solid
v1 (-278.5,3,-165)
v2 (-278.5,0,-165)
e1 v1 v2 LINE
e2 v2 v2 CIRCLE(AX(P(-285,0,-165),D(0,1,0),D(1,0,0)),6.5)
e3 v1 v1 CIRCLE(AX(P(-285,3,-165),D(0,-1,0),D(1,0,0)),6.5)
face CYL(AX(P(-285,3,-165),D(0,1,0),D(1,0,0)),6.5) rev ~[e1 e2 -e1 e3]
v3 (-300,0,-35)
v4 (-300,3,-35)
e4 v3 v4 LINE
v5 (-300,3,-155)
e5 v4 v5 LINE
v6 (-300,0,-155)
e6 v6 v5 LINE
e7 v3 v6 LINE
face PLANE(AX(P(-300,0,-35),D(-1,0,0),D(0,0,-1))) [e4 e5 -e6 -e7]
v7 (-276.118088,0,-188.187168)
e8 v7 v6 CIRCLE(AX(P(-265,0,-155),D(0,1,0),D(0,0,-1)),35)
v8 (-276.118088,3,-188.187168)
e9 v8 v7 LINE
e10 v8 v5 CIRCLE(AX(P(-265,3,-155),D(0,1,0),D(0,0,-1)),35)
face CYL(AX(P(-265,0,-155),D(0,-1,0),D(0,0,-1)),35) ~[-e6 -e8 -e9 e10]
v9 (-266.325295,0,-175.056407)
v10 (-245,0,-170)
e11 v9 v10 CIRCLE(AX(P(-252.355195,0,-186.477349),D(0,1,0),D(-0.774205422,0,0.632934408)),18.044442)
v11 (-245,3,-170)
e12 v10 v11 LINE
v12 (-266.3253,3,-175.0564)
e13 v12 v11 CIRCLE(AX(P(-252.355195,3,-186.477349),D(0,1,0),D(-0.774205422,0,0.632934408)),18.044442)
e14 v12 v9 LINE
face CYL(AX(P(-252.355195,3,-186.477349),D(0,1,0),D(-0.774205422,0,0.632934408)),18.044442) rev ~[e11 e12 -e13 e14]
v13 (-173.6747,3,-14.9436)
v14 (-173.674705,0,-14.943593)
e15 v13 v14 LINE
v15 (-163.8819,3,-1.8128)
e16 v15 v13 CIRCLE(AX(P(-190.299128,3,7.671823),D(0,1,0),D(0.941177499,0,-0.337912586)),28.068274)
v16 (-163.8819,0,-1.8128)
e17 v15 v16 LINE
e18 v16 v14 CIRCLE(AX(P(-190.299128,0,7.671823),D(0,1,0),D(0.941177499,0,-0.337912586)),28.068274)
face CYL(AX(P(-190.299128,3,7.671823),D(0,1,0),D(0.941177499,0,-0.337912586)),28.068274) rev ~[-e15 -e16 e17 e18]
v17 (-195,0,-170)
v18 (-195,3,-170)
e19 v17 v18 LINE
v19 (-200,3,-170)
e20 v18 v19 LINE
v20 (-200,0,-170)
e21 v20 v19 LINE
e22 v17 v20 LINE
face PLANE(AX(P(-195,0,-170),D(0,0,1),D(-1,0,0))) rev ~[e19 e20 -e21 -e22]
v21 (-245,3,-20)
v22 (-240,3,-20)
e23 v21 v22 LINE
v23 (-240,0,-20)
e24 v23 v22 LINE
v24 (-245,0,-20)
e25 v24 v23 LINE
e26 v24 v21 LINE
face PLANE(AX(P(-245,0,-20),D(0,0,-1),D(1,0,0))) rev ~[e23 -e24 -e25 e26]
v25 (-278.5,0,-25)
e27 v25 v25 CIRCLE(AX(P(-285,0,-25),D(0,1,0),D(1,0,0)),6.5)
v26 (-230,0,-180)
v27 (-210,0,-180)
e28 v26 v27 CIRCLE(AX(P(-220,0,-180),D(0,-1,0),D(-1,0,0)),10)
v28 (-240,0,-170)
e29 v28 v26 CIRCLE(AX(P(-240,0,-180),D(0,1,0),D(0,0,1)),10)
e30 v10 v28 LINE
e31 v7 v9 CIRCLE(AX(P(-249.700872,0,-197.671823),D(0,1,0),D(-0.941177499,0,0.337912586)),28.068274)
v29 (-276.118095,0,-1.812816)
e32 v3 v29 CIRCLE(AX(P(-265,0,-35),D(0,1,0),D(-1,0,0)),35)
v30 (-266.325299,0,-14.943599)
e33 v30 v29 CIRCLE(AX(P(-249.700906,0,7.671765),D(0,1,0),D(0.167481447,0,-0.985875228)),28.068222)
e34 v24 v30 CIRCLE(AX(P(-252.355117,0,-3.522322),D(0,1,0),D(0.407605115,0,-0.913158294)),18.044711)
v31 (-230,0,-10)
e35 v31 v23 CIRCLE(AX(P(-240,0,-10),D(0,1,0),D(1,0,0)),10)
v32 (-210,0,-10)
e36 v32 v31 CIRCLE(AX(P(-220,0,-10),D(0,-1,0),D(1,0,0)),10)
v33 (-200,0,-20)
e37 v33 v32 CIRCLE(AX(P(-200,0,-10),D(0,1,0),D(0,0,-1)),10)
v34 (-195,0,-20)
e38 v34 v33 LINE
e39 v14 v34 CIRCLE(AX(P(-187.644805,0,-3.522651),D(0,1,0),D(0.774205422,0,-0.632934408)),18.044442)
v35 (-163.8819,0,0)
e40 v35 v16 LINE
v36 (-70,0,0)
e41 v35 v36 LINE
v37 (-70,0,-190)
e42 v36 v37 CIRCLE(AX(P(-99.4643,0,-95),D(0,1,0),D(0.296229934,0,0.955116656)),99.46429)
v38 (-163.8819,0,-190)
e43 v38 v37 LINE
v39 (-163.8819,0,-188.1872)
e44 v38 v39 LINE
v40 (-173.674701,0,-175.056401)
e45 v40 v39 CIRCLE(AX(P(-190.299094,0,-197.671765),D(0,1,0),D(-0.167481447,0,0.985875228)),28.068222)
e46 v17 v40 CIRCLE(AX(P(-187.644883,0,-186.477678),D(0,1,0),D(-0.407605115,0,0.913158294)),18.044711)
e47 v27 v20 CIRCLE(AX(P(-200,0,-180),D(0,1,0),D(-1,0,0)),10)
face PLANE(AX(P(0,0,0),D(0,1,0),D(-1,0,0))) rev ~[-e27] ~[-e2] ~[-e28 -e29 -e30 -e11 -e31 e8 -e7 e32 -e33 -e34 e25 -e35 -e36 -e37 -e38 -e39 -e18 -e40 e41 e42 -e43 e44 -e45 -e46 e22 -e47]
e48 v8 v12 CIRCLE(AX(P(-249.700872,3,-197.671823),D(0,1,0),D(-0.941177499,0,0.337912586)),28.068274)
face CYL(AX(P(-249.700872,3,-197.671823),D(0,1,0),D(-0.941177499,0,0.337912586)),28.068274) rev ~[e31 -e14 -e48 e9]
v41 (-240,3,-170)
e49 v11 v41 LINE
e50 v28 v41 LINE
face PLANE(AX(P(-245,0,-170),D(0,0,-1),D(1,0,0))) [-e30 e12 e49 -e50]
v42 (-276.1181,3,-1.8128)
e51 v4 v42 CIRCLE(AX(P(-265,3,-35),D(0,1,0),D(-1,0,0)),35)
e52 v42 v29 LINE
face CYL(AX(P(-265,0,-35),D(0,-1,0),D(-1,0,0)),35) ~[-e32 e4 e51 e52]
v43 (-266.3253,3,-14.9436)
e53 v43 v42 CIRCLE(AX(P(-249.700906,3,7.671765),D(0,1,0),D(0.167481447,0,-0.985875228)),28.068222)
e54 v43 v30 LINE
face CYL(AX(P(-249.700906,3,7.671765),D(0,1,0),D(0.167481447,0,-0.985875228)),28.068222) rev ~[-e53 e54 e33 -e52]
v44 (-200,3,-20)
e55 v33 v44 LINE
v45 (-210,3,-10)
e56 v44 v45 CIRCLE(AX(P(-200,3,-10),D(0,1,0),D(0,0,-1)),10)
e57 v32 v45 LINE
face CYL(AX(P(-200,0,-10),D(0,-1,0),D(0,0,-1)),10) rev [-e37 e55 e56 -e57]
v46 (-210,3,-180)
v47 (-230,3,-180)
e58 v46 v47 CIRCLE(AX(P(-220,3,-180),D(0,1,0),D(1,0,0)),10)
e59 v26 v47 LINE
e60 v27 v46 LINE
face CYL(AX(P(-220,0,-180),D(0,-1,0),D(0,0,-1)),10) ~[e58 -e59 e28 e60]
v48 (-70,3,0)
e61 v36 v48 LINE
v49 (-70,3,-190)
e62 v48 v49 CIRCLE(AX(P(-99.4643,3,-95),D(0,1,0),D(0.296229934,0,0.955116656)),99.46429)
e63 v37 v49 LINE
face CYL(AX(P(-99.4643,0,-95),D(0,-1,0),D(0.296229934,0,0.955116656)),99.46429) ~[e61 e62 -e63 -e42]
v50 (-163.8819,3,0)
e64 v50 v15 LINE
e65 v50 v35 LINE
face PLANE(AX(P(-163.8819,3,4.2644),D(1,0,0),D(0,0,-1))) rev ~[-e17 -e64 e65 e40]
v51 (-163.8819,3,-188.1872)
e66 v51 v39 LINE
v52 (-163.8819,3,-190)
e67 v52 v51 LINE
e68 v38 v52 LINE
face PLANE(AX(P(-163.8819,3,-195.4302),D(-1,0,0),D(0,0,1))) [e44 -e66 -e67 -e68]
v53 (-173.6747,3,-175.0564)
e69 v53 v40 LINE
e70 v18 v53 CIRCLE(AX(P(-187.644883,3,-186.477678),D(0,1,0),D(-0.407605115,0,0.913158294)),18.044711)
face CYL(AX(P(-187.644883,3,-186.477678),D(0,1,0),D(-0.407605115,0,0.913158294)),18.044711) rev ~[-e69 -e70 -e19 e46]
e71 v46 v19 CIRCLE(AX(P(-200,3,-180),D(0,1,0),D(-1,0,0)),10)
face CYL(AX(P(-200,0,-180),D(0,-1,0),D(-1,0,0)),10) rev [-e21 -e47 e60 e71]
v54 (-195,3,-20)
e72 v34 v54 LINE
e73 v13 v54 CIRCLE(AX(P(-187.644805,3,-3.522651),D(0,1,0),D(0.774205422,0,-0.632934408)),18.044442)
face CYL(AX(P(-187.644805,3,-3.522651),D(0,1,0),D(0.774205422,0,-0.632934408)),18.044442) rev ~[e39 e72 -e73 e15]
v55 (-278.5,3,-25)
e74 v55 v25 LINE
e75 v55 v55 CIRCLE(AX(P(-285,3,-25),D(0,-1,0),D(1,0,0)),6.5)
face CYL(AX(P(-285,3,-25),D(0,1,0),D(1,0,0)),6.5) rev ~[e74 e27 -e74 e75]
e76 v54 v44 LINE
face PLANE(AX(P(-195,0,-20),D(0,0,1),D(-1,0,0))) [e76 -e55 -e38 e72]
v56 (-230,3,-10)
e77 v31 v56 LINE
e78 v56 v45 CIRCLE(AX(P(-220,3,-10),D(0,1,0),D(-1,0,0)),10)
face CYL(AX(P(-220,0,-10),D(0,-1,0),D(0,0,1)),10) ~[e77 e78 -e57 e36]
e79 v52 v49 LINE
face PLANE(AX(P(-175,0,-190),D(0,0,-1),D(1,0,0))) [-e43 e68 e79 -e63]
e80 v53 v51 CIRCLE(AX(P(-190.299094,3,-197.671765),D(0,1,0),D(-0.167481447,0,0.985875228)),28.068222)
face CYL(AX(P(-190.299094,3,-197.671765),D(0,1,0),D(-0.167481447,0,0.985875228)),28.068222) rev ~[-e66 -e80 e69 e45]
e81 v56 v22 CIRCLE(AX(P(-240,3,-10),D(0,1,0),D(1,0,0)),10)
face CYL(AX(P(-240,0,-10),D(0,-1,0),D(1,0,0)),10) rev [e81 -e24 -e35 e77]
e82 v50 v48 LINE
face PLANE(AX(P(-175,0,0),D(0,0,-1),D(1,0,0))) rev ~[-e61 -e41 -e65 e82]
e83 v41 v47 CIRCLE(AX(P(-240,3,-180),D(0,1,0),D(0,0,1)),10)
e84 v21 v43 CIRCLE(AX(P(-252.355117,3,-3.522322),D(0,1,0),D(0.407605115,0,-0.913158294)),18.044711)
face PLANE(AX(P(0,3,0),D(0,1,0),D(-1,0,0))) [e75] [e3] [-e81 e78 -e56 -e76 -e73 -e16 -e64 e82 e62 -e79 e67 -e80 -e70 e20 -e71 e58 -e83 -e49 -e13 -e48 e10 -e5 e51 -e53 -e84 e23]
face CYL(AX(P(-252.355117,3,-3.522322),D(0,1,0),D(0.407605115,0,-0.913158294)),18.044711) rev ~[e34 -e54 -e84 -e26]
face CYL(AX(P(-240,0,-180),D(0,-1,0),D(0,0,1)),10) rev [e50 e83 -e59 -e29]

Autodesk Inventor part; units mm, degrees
ref_plane "YZ Plane" through (0, 0, 0) normal (1, 0, 0) x (0, 1, 0)
ref_plane "XZ Plane" through (0, 0, 0) normal (0, 1, 0) x (-1, 0, 0)
ref_plane "XY Plane" through (0, 0, 0) normal (0, 0, 1) x (1, 0, 0)
sketch "Sketch1" plane through (0, 0, 0) normal (0, 1, 0) x (-1, 0, 0)
  line L0 (300, -35) -> (300, -155)
  line L1 (220, -190) -> (220, -190)
  line L2 (255, -180) -> (255, -180)
  line L3 (245, -170) -> (240, -170)
  line L4 (230, -180) -> (230, -180)
  line L5 (220, -190) -> (220, -190)
  line L6 (185, -180) -> (185, -180)
  line L7 (195, -170) -> (200, -170)
  line L8 (210, -180) -> (210, -180)
  arc A0 (255, -172) -> (253, -170) centre (253, -172) ccw
  arc A1 (255, -180) -> (245, -170) centre (245, -180) ccw
  arc A2 (240, -170) -> (230, -180) centre (240, -180) ccw
  arc A3 (210, -180) -> (220, -190) centre (220, -180) ccw
  arc A4 (220, -190) -> (230, -180) centre (220, -180) ccw
  arc A5 (210, -180) -> (200, -170) centre (200, -180) ccw
  arc A6 (195, -170) -> (185, -180) centre (195, -180) ccw
  arc A7 (175, -190) -> (185, -180) centre (175, -180) ccw
  line L9 (265, -190) -> (265, -190)
  arc A8 (255, -180) -> (265, -190) centre (265, -180) ccw
  line L10 (220, 0) -> (220, 0)
  line L11 (255, -10) -> (255, -10)
  line L12 (245, -20) -> (240, -20)
  line L13 (230, -10) -> (230, -10)
  line L14 (220, 0) -> (220, 0)
  line L15 (185, -10) -> (185, -10)
  line L16 (195, -20) -> (200, -20)
  line L17 (210, -10) -> (210, -10)
  arc A9 (253, -20) -> (255, -18) centre (253, -18) ccw
  arc A10 (245, -20) -> (255, -10) centre (245, -10) ccw
  arc A11 (230, -10) -> (240, -20) centre (240, -10) ccw
  arc A12 (220, 0) -> (210, -10) centre (220, -10) ccw
  arc A13 (230, -10) -> (220, 0) centre (220, -10) ccw
  arc A14 (200, -20) -> (210, -10) centre (200, -10) ccw
  arc A15 (185, -10) -> (195, -20) centre (195, -10) ccw
  arc A16 (185, -10) -> (175, 0) centre (175, -10) ccw
  line L18 (265, 0) -> (265, 0)
  arc A17 (265, 0) -> (255, -10) centre (265, -10) ccw
  arc A18 (265, -190) -> (300, -155) centre (265, -155) ccw
  arc A19 (300, -35) -> (265, 0) centre (265, -35) ccw
  line L19 (175, 0) -> (365, 0) construction
  arc A20 (70, 0) -> (70, -190) centre (99.4643, -95) ccw
  line L20 (175, 0) -> (70, 0)
  line L21 (175, -190) -> (70, -190)
  point P0 (0, 0)
  point P1 (300, -190)
  point P2 (300, 0)
  point P3 (255, -170)
  point P4 (255, -190)
  point P5 (230, -170)
  point P6 (185, -170)
  point P7 (210, -170)
  point P8 (255, -20)
  point P9 (255, 0)
  point P10 (230, -20)
  point P11 (185, -20)
  point P12 (210, -20)
  point P13 (210, -10)
  dimension "d1" = 190
  dimension "d2" = 80
  dimension "d4" = 25
  dimension "d5" = 20
  dimension "d7" = 25
  dimension "d9" = 2
  dimension "d10" = 10
  dimension "d11" = 10
  dimension "d12" = 35
extrude "Extrusion1" add sketch "Sketch1" along normal blind 3
sketch "Sketch2" plane through (0, 3, 0) normal (0, 1, 0) x (1, 0, 0)
  arc A0 (-230, 10) -> (-210, 10) centre (-220, 10) ccw projected
  line L0 (-220, 0) -> (-220, 10)
  point P0 (0, 0)
sketch "Sketch3" plane through (0, 3, 0) normal (0, 1, 0) x (1, 0, 0)
  arc A0 (-245, 20) -> (-255, 10) centre (-245, 10) ccw projected
  arc A1 (-300, 35) -> (-265, 0) centre (-265, 35) ccw projected
  arc A2 (-245, 20) -> (-276.1181, 1.8128) centre (-249.7009, -7.6718) ccw
  line L0 (-276.1181, 1.8128) -> (-248.5566, -2.5367)
  line L1 (-248.5566, -2.5367) -> (-245, 20)
  arc A3 (-230, 10) -> (-210, 10) centre (-220, 10) ccw projected
  line L2 (-220, 0) -> (-220, 190)
  arc A4 (-210, 180) -> (-230, 180) centre (-220, 180) ccw projected
  arc A5 (-163.8819, 1.8128) -> (-195, 20) centre (-190.2991, -7.6718) ccw
  line L3 (-191.4434, -2.5367) -> (-195, 20)
  line L4 (-163.8819, 1.8128) -> (-191.4434, -2.5367)
  line L5 (-220, 95) -> (-300, 95)
  line L6 (-300, 155) -> (-300, 35) projected
  arc A6 (-276.1181, 188.1872) -> (-245, 170) centre (-249.7009, 197.6718) ccw
  line L7 (-276.1181, 188.1872) -> (-248.5566, 192.5367)
  line L8 (-248.5566, 192.5367) -> (-245, 170)
  arc A7 (-195, 170) -> (-163.8819, 188.1872) centre (-190.2991, 197.6718) ccw
  line L9 (-191.4434, 192.5367) -> (-195, 170)
  line L10 (-163.8819, 188.1872) -> (-191.4434, 192.5367)
  point P0 (0, 0)
extrude "Extrusion2" cut sketch "Sketch3" against normal blind 10
sketch "Sketch4" plane through (0, 3, 0) normal (0, 1, 0) x (1, 0, 0)
  line L0 (-300, 155) -> (-300, 35) projected
  line L1 (-300, 35) -> (-285, 35)
  line L2 (-285, 35) -> (-285, 25)
  circle A0 centre (-285, 25) radius 6.5
  line L3 (-300, 155) -> (-285, 155)
  line L4 (-300, 155) -> (-285, 155) construction
  line L5 (-285, 155) -> (-285, 165)
  circle A1 centre (-285, 165) radius 6.5
  point P0 (0, 0)
  dimension "d19" = 15
  dimension "d20" = 10
  dimension "d21" = 13
  dimension "d22" = 15
  dimension "d24" = 10
  dimension "d25" = 13
extrude "Extrusion3" cut sketch "Sketch4" against normal blind 10
sketch "Sketch5" plane through (0, 3, 0) normal (0, 1, 0) x (1, 0, 0)
  line L0 (-175.3338, 0.0056) -> (-163.8819, 1.8128) projected
  line L1 (-163.8819, 1.8128) -> (-179.2892, 1.8128)
  line L2 (-179.2892, 1.8128) -> (-179.2892, -4.2644)
  line L3 (-179.2892, -4.2644) -> (-163.8819, -4.2644)
  line L4 (-163.8819, -4.2644) -> (-163.8819, 1.8128)
  arc A0 (-300, 35) -> (-276.1181, 1.8128) centre (-265, 35) ccw projected
  line L5 (-276.1181, 1.8128) -> (-262.1006, 1.8128)
  line L6 (-262.1006, 1.8128) -> (-262.1006, -4.2644)
  line L7 (-262.1006, -4.2644) -> (-276.1181, -4.2644)
  line L8 (-276.1181, -4.2644) -> (-276.1181, 1.8128)
  line L9 (-163.8819, 188.1872) -> (-175.3338, 189.9944) projected
  line L10 (-163.8819, 188.1872) -> (-177.2047, 188.1872)
  line L11 (-177.2047, 188.1872) -> (-177.2047, 195.4302)
  line L12 (-177.2047, 195.4302) -> (-163.8819, 195.4302)
  line L13 (-163.8819, 195.4302) -> (-163.8819, 188.1872)
  arc A1 (-276.1181, 188.1872) -> (-245, 170) centre (-249.7009, 197.6718) ccw projected
  line L14 (-276.1181, 188.1872) -> (-262.1006, 188.1872)
  line L15 (-262.1006, 188.1872) -> (-262.1006, 191.8087)
  line L16 (-262.1006, 191.8087) -> (-276.1181, 191.8087)
  line L17 (-276.1181, 191.8087) -> (-276.1181, 188.1872)
  point P0 (0, 0)
extrude "Extrusion4" cut sketch "Sketch5" against normal blind 10
sketch "Sketch6" plane through (0, 3, 0) normal (0, 1, 0) x (1, 0, 0)
  arc A0 (-163.8819, 1.8128) -> (-195, 20) centre (-190.2991, -7.6718) ccw projected
  line L0 (-195, 20) -> (-173.6747, 14.9436)
  line L1 (-173.6747, 14.9436) -> (-195, 20)
  line L2 (-200, 20) -> (-195, 20) projected
  arc A1 (-173.6747, 14.9436) -> (-195, 20) centre (-187.6449, 3.5225) ccw
  arc A2 (-230, 10) -> (-210, 10) centre (-220, 10) ccw projected
  line L3 (-220, 0) -> (-220, 190)
  arc A3 (-210, 180) -> (-230, 180) centre (-220, 180) ccw projected
  line L4 (-300, 155) -> (-300, 35) projected
  line L5 (-300, 95) -> (0, 95)
  arc A4 (-245, 20) -> (-276.1181, 1.8128) centre (-249.7009, -7.6718) ccw
  line L6 (-245, 20) -> (-266.3253, 14.9436)
  line L7 (-266.3253, 14.9436) -> (-245, 20)
  arc A5 (-245, 20) -> (-266.3253, 14.9436) centre (-252.3551, 3.5225) ccw
  arc A6 (-195, 170) -> (-163.8819, 188.1872) centre (-190.2991, 197.6718) ccw
  line L8 (-195, 170) -> (-173.6747, 175.0564)
  line L9 (-173.6747, 175.0564) -> (-195, 170)
  line L10 (-200, 170) -> (-195, 170)
  arc A7 (-195, 170) -> (-173.6747, 175.0564) centre (-187.6449, 186.4775) ccw
  arc A8 (-210, 180) -> (-230, 180) centre (-220, 180) ccw
  line L11 (-220, 190) -> (-220, 0)
  arc A9 (-276.1181, 188.1872) -> (-245, 170) centre (-249.7009, 197.6718) ccw
  line L12 (-245, 170) -> (-266.3253, 175.0564)
  line L13 (-266.3253, 175.0564) -> (-245, 170)
  arc A10 (-266.3253, 175.0564) -> (-245, 170) centre (-252.3551, 186.4775) ccw
  point P0 (0, 0)
extrude "Extrusion5" cut sketch "Sketch6" against normal blind 10 contours L0 A0 | A0 A1 | A4 A5 | A6 A7 | A9 A10
sketch "Sketch7" plane through (0, 3, 0) normal (0, 1, 0) x (1, 0, 0)
  point P0 (0, 0)
properties part number "Onderplaat-v1"
